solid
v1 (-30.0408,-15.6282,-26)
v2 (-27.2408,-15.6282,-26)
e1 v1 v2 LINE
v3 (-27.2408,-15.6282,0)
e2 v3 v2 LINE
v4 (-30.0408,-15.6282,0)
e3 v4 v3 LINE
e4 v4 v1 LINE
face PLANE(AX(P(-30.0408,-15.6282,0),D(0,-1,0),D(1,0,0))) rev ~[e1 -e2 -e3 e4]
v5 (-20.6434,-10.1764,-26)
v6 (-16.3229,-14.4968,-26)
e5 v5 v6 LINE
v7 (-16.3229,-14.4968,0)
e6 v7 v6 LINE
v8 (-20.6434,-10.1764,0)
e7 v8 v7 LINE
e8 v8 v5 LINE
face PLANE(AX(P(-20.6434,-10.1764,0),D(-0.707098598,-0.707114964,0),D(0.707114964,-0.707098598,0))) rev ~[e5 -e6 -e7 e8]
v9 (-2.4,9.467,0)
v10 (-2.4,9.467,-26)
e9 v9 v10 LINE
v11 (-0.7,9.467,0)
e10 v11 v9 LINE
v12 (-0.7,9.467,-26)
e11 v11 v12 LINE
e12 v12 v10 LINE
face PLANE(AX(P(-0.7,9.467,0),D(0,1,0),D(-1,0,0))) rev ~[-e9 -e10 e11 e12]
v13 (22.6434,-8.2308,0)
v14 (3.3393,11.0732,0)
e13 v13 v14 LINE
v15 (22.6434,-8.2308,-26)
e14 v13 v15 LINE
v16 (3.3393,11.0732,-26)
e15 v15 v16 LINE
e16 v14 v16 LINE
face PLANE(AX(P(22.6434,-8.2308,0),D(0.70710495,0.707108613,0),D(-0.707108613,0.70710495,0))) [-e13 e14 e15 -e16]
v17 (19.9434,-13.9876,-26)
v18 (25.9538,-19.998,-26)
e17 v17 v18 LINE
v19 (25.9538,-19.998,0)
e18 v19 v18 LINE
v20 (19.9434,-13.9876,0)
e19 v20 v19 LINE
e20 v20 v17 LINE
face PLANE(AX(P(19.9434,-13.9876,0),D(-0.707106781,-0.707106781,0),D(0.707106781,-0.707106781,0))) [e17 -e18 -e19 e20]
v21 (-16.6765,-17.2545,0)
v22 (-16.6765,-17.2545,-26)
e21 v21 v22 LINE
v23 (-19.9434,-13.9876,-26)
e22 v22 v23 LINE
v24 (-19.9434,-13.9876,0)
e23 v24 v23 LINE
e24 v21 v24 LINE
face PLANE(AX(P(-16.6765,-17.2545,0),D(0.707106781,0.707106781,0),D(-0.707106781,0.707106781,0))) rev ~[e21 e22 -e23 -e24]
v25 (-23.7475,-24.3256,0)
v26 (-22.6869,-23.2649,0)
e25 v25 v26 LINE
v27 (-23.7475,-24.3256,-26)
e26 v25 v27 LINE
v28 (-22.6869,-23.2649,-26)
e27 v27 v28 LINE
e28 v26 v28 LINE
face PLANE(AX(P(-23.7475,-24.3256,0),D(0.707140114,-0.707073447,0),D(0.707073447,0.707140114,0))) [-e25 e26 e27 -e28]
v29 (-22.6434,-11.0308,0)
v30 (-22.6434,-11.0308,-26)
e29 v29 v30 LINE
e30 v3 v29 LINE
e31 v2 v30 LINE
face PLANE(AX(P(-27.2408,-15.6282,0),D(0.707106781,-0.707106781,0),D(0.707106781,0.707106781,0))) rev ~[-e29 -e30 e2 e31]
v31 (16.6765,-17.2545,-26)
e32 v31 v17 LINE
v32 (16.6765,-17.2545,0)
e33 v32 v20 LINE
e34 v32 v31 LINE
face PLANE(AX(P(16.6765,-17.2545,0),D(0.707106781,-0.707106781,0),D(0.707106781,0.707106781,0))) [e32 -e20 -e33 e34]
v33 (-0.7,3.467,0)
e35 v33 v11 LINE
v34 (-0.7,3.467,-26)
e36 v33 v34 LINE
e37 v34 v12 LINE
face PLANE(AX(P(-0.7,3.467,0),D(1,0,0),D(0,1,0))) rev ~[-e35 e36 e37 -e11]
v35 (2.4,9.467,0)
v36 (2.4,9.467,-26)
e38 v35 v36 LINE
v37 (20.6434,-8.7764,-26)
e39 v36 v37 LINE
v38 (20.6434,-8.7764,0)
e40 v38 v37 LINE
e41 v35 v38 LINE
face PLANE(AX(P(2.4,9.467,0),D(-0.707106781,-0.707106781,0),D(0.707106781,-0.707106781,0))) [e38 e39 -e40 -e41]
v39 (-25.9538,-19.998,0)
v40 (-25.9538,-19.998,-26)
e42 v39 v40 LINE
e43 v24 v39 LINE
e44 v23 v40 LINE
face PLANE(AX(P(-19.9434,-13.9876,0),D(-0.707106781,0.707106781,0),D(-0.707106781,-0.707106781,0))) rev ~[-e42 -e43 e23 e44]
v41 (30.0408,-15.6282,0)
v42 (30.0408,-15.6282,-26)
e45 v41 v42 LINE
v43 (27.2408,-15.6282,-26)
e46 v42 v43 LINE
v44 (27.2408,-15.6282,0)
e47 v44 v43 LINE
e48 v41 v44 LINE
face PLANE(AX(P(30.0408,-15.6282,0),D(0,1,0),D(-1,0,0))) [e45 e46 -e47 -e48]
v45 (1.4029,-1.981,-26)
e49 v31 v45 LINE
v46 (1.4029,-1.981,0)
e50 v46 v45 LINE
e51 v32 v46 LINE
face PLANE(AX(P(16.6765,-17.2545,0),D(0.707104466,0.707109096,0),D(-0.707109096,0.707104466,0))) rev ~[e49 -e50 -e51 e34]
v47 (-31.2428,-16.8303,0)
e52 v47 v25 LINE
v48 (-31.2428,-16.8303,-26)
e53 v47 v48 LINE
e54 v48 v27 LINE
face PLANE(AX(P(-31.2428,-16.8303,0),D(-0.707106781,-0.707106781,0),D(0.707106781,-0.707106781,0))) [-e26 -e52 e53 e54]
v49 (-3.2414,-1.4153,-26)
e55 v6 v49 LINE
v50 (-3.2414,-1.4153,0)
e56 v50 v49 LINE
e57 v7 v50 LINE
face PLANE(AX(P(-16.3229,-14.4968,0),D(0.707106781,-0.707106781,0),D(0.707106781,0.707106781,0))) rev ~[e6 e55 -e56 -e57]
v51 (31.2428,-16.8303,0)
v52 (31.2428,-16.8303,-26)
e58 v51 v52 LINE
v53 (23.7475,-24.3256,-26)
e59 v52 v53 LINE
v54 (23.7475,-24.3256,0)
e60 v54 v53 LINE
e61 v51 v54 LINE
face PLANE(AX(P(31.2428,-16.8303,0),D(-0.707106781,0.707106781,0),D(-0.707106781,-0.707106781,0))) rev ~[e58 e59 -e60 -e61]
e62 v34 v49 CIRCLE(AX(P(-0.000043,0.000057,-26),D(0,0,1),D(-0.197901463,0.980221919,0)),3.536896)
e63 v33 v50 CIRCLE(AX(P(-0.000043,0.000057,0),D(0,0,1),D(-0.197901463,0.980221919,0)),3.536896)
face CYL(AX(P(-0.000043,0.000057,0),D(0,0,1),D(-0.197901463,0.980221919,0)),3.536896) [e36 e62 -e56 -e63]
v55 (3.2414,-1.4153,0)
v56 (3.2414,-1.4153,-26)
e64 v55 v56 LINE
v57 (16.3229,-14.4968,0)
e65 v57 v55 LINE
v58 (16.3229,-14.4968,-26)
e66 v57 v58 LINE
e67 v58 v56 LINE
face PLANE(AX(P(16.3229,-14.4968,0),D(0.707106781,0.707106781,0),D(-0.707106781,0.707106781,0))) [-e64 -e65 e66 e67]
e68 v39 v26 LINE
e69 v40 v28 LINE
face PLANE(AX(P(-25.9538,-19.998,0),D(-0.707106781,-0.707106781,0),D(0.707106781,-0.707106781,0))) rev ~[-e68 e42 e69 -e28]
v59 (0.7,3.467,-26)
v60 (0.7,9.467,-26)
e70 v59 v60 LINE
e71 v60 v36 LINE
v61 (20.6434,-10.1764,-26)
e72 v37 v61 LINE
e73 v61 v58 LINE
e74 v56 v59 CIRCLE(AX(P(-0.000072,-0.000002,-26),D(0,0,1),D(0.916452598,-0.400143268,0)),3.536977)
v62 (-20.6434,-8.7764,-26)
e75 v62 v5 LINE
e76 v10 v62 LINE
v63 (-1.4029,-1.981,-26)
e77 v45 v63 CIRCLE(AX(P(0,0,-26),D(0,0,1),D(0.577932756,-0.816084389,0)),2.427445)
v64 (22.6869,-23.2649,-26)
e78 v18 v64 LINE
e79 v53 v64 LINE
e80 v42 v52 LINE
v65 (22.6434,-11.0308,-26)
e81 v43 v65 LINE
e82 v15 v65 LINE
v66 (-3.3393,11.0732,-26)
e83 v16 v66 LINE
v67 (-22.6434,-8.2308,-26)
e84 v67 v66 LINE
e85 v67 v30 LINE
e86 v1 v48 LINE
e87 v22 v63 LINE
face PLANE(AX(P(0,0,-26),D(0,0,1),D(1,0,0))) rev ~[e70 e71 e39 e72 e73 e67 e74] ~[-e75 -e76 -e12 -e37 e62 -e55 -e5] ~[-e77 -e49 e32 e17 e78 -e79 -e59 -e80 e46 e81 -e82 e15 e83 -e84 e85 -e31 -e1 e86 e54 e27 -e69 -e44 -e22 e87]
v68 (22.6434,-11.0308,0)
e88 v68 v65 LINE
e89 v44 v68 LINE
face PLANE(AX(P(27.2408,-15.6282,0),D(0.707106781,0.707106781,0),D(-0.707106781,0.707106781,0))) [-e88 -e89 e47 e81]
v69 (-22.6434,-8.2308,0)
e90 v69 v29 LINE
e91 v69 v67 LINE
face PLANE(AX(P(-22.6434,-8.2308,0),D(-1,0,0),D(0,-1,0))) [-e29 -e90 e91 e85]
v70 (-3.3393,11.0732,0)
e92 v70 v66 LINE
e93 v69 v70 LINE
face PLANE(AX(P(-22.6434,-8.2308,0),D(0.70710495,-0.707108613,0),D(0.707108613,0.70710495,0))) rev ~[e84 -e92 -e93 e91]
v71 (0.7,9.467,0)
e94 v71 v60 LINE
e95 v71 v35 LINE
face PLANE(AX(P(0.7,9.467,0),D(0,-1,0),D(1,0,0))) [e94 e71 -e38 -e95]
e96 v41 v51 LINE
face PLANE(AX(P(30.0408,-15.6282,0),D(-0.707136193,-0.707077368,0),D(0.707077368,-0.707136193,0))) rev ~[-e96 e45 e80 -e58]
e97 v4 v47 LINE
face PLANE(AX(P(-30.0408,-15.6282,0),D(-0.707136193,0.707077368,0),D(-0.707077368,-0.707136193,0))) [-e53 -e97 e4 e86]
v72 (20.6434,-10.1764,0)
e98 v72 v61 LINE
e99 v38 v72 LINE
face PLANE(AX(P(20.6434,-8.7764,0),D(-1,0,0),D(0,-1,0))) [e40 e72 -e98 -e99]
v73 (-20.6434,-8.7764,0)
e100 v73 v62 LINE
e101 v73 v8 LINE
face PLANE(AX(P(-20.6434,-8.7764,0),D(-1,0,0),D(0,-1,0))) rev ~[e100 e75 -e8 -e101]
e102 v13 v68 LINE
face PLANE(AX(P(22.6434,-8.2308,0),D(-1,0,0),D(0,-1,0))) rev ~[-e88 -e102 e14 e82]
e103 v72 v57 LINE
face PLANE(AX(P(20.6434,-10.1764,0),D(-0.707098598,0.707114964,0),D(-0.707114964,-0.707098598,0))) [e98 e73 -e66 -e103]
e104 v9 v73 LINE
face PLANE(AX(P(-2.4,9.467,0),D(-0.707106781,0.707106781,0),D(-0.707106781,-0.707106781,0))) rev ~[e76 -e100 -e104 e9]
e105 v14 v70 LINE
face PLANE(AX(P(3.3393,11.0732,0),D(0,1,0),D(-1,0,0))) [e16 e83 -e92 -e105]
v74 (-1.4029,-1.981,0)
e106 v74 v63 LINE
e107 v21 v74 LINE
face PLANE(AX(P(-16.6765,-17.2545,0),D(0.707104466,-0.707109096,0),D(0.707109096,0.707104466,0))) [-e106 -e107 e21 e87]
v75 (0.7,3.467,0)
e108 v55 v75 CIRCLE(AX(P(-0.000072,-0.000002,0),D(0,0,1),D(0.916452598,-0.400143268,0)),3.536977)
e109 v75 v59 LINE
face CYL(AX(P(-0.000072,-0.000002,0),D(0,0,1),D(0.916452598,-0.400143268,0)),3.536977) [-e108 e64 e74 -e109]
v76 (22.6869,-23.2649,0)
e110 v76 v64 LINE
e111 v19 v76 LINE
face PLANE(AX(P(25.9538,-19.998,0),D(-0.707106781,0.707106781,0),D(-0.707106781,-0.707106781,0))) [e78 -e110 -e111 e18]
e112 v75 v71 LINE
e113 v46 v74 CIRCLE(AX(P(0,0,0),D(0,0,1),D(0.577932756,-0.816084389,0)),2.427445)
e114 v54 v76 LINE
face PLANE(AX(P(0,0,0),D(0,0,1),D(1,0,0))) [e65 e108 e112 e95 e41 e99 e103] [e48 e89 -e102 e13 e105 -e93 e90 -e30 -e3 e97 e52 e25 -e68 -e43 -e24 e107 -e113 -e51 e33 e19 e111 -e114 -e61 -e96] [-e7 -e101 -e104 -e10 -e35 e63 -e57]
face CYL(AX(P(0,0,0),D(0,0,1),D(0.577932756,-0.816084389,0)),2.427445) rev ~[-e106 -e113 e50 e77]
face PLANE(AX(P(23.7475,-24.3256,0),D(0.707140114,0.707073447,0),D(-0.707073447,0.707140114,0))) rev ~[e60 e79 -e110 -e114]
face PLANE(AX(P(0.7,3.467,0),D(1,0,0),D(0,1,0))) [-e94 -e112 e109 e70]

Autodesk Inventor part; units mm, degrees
ref_plane "YZ Plane" through (0, 0, 0) normal (1, 0, 0) x (0, 1, 0)
ref_plane "XZ Plane" through (0, 0, 0) normal (0, 1, 0) x (-1, 0, 0)
ref_plane "XY Plane" through (0, 0, 0) normal (0, 0, 1) x (1, 0, 0)
sketch "Sketch1" plane through (0, 0, 0) normal (0, 0, 1) x (1, 0, 0)
  line L0 (-0.7, 9.467) -> (-2.4, 9.467)
  line L1 (-2.4, 9.467) -> (-20.6434, -8.7764)
  line L2 (-20.6434, -8.7764) -> (-20.6434, -10.1764)
  line L3 (-20.6434, -10.1764) -> (-16.3229, -14.4968)
  line L4 (-16.3229, -14.4968) -> (-3.2414, -1.4153)
  line L5 (-22.6434, -8.2308) -> (-3.3393, 11.0732)
  line L6 (-22.6434, -8.2308) -> (-22.6434, -11.0308)
  line L7 (-27.2408, -15.6282) -> (-22.6434, -11.0308)
  line L8 (-30.0408, -15.6282) -> (-31.2428, -16.8303)
  line L9 (-31.2428, -16.8303) -> (-23.7475, -24.3256)
  line L10 (-16.6765, -17.2545) -> (-19.9434, -13.9876)
  line L11 (-19.9434, -13.9876) -> (-25.9538, -19.998)
  line L12 (-25.9538, -19.998) -> (-22.6869, -23.2649)
  line L13 (-23.7475, -24.3256) -> (-22.6869, -23.2649)
  line L14 (-16.6765, -17.2545) -> (-1.4029, -1.981)
  line L15 (-30.0408, -15.6282) -> (-27.2408, -15.6282)
  line L16 (3.3393, 11.0732) -> (-3.3393, 11.0732)
  line L17 (-0.7, 3.467) -> (-0.7, 9.467)
  line L18 (0, 12.3968) -> (0, -27.803) construction
  line L19 (0.7, 9.467) -> (2.4, 9.467)
  line L20 (2.4, 9.467) -> (20.6434, -8.7764)
  line L21 (20.6434, -8.7764) -> (20.6434, -10.1764)
  line L22 (20.6434, -10.1764) -> (16.3229, -14.4968)
  line L23 (16.3229, -14.4968) -> (3.2414, -1.4153)
  line L24 (22.6434, -8.2308) -> (3.3393, 11.0732)
  line L25 (22.6434, -8.2308) -> (22.6434, -11.0308)
  line L26 (27.2408, -15.6282) -> (22.6434, -11.0308)
  line L27 (30.0408, -15.6282) -> (31.2428, -16.8303)
  line L28 (31.2428, -16.8303) -> (23.7475, -24.3256)
  line L29 (16.6765, -17.2545) -> (19.9434, -13.9876)
  line L30 (19.9434, -13.9876) -> (25.9538, -19.998)
  line L31 (25.9538, -19.998) -> (22.6869, -23.2649)
  line L32 (23.7475, -24.3256) -> (22.6869, -23.2649)
  line L33 (16.6765, -17.2545) -> (1.4029, -1.981)
  line L34 (30.0408, -15.6282) -> (27.2408, -15.6282)
  line L35 (0.7, 3.467) -> (0.7, 9.467)
  arc A0 (1.4029, -1.981) -> (-1.4029, -1.981) centre (0, 0) ccw
  arc A1 (3.2414, -1.4153) -> (0.7, 3.467) centre (0, 0) ccw
  arc A2 (-0.7, 3.467) -> (-3.2414, -1.4153) centre (0, 0) ccw
  dimension "d77" = 1.8
  dimension "d83" = 27.3
  dimension "d84" = 135
  dimension "d87" = 2.8
  dimension "d88" = 135
  dimension "d89" = 2.8
  dimension "d90" = 1.7
  dimension "d93" = 4
  dimension "d94" = 1.5
  dimension "d96" = 8.5
  dimension "d100" = 1.4
  dimension "d101" = 2.2
  dimension "d102" = 2
  dimension "d103" = 1.7
  dimension "d104" = 10.6
  dimension "d106" = 135
  dimension "d107" = 25.8
  dimension "d108" = 18.5
  dimension "d109" = 21.6
  dimension "d110" = 6
  dimension "d111" = 0.7
  dimension "d112" = 1.7
extrude "Extrusion1" add sketch "Sketch1" against normal blind 26
properties part number "BRA-12 ESCUADRA UNIÓN 45 10 mm"
